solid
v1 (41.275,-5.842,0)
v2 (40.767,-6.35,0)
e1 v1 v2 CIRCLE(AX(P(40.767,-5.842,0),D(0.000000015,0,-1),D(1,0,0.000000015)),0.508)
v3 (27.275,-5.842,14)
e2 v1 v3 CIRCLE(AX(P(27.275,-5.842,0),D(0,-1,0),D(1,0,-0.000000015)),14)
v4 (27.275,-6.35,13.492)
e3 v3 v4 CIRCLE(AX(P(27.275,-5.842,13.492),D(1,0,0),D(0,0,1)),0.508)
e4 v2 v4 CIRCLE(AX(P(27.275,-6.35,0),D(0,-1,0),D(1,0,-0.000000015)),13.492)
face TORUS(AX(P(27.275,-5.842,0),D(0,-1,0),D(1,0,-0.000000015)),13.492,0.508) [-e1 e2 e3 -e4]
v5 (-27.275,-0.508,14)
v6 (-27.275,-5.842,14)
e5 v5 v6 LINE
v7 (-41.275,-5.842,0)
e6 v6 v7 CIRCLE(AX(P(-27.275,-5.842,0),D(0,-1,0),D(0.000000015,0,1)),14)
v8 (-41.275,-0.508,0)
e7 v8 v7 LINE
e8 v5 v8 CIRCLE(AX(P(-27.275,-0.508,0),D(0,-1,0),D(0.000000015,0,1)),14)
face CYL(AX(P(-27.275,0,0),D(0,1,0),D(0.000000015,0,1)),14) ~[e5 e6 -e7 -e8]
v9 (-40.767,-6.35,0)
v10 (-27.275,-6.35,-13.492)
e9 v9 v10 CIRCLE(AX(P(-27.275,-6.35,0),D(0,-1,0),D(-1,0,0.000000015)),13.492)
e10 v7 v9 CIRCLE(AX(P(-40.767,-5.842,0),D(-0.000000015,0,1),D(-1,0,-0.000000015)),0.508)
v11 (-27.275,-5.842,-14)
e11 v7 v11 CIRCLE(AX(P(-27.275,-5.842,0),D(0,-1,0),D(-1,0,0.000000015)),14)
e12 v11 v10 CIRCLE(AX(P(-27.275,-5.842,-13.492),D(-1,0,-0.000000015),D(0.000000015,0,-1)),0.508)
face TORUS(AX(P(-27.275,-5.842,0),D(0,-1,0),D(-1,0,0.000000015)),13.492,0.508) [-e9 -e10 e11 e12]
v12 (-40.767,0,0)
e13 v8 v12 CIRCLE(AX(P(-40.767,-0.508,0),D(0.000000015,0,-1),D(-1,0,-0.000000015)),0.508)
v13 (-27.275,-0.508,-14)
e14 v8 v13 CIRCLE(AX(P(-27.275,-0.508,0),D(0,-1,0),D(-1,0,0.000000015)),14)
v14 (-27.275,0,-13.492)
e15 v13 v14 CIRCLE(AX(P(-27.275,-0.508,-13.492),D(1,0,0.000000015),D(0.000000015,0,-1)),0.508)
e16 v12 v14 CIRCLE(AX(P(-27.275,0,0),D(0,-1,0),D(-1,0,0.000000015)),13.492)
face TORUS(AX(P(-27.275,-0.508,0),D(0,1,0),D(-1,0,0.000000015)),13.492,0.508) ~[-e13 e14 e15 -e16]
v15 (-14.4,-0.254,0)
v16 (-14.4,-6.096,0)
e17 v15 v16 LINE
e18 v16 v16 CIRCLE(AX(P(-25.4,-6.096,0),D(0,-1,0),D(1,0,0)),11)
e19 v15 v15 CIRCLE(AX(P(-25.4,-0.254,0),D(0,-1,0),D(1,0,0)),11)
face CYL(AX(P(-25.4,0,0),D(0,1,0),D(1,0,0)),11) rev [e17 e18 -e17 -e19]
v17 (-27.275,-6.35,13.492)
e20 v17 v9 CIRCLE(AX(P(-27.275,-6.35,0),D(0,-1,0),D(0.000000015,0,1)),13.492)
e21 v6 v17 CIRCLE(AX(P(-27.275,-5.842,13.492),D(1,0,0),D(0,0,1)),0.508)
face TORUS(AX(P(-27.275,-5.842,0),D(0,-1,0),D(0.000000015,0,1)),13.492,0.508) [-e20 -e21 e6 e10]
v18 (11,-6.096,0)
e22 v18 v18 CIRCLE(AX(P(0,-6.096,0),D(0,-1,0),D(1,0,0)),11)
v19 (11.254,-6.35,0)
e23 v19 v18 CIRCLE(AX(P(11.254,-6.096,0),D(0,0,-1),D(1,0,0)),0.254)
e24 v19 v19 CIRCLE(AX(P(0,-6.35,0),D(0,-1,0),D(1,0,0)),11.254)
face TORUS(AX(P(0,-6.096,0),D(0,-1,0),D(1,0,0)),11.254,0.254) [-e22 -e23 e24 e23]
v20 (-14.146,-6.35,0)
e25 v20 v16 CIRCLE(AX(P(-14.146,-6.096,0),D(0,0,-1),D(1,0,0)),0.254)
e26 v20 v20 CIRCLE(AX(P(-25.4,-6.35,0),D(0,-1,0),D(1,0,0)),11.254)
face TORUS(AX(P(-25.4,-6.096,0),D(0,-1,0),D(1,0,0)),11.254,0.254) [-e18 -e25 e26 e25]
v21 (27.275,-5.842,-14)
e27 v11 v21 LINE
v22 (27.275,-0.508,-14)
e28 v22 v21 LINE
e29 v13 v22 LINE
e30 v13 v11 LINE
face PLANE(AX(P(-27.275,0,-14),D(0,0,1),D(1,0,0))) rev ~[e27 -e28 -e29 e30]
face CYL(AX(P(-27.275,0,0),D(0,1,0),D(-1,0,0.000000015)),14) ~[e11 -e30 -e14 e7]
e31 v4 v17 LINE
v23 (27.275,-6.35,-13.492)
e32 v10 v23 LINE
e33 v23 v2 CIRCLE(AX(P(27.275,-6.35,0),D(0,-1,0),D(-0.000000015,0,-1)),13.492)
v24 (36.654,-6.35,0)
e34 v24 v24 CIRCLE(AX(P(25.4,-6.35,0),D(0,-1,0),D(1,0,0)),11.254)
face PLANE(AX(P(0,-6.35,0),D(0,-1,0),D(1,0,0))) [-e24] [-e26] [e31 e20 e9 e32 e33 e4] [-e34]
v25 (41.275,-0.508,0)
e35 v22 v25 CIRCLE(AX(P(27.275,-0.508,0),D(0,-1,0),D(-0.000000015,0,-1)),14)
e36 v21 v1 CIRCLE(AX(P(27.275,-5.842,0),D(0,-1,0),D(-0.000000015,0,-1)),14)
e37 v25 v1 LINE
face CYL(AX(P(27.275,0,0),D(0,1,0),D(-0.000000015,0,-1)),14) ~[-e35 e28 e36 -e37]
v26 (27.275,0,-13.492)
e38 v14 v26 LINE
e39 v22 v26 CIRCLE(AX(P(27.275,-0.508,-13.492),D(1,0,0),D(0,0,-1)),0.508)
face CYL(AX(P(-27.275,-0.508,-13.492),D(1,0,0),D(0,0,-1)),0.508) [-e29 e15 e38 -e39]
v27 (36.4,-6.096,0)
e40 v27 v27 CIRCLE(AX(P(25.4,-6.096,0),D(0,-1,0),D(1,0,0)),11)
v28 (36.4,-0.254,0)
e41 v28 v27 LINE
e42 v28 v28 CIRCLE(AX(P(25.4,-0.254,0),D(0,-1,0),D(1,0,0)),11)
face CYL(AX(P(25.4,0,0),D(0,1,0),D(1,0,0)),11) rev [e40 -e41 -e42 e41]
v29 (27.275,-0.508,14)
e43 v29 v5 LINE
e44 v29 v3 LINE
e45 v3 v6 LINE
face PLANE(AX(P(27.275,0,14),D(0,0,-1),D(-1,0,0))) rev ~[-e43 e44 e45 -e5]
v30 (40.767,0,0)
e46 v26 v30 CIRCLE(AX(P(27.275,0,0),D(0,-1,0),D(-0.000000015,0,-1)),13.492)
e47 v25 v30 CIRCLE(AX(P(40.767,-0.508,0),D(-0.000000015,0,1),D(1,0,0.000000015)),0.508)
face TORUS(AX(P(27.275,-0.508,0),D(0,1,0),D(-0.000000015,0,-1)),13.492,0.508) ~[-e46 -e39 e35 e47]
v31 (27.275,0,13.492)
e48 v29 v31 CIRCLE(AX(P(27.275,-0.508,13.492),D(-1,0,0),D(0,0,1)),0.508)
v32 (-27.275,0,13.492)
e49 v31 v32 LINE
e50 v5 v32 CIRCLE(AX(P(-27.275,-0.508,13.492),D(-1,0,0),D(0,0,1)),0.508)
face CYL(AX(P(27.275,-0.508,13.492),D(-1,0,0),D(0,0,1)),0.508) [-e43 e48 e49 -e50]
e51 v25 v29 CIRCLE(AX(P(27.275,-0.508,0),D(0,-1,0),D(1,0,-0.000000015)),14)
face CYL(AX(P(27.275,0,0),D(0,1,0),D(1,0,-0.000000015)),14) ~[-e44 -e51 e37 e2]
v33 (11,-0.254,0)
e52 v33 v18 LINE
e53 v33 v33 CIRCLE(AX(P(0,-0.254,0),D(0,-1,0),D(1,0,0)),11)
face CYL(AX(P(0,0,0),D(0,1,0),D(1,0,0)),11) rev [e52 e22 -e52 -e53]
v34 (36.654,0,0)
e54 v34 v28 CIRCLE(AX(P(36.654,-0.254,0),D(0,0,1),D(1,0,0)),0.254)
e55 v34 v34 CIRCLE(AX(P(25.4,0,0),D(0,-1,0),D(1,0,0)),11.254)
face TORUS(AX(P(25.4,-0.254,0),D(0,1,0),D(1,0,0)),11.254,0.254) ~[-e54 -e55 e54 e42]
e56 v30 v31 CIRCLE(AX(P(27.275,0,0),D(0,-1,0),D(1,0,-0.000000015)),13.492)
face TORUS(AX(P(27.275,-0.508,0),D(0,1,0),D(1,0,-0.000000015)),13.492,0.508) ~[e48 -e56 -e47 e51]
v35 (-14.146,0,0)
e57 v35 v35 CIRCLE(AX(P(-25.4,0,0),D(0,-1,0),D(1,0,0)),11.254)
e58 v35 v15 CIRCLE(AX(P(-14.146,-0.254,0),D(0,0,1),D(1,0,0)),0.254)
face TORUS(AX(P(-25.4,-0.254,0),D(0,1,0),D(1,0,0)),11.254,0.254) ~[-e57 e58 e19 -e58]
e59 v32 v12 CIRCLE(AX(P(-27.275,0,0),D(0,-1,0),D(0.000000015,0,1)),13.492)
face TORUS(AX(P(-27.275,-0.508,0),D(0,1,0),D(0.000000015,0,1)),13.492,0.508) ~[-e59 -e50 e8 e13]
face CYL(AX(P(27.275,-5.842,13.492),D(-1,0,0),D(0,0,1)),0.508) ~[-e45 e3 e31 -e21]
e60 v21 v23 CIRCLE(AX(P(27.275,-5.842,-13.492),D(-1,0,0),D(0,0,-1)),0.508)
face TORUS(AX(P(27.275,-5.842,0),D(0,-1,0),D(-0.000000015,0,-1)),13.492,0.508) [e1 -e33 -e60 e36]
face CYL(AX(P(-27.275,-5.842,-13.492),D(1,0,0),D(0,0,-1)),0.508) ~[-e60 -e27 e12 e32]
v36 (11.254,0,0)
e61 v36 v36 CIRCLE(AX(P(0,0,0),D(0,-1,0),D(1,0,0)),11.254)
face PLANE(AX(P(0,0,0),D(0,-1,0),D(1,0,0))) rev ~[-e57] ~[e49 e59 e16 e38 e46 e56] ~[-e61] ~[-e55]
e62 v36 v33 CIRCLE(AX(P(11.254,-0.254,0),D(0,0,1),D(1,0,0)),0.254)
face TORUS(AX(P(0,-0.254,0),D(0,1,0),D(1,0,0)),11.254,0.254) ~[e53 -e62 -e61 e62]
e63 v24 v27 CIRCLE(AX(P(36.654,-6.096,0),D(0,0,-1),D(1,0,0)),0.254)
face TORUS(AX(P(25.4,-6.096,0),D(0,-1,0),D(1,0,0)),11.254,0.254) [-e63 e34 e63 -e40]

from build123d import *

# Parameters (mm, degrees)
F0_R     = 11
F1_DEPTH = 6.35
F2_R     = 0.508
F3_R     = 0.254


with BuildPart() as f1:
    # F0 (on Front) → F1 (new body)
    with BuildSketch(Plane.XZ):
        with BuildLine():
            Line((-27.275, -14), (27.275, -14))
            ThreePointArc((27.275, -14), (37.174495, -9.899495), (41.275, 0))
            ThreePointArc((41.275, 0), (37.174495, 9.899495), (27.275, 14))
            Line((27.275, 14), (-27.275, 14))
            ThreePointArc((-27.275, 14), (-37.174495, 9.899495), (-41.275, 0))
            ThreePointArc((-41.275, 0), (-37.174495, -9.899495), (-27.275, -14))
        make_face()
        with Locations((-25.4, 0)):
            Circle(F0_R, mode=Mode.SUBTRACT)
        Circle(F0_R, mode=Mode.SUBTRACT)
        with Locations((25.4, 0)):
            Circle(F0_R, mode=Mode.SUBTRACT)
    extrude(amount=F1_DEPTH)

    # F2
    f2_edges = [f1.edges().sort_by_distance(p)[0] for p in [
        (0, -6.35, 14),
        (0, 0, 14),
    ]]
    fillet(f2_edges, radius=F2_R)

    # F3
    f3_edges = [f1.edges().sort_by_distance(p)[0] for p in [
        (14.4, -6.35, 0),
        (-11, -6.35, 0),
        (-36.4, -6.35, 0),
        (-36.4, 0, 0),
        (-11, 0, 0),
        (14.4, 0, 0),
    ]]
    fillet(f3_edges, radius=F3_R)


solid = f1.part
